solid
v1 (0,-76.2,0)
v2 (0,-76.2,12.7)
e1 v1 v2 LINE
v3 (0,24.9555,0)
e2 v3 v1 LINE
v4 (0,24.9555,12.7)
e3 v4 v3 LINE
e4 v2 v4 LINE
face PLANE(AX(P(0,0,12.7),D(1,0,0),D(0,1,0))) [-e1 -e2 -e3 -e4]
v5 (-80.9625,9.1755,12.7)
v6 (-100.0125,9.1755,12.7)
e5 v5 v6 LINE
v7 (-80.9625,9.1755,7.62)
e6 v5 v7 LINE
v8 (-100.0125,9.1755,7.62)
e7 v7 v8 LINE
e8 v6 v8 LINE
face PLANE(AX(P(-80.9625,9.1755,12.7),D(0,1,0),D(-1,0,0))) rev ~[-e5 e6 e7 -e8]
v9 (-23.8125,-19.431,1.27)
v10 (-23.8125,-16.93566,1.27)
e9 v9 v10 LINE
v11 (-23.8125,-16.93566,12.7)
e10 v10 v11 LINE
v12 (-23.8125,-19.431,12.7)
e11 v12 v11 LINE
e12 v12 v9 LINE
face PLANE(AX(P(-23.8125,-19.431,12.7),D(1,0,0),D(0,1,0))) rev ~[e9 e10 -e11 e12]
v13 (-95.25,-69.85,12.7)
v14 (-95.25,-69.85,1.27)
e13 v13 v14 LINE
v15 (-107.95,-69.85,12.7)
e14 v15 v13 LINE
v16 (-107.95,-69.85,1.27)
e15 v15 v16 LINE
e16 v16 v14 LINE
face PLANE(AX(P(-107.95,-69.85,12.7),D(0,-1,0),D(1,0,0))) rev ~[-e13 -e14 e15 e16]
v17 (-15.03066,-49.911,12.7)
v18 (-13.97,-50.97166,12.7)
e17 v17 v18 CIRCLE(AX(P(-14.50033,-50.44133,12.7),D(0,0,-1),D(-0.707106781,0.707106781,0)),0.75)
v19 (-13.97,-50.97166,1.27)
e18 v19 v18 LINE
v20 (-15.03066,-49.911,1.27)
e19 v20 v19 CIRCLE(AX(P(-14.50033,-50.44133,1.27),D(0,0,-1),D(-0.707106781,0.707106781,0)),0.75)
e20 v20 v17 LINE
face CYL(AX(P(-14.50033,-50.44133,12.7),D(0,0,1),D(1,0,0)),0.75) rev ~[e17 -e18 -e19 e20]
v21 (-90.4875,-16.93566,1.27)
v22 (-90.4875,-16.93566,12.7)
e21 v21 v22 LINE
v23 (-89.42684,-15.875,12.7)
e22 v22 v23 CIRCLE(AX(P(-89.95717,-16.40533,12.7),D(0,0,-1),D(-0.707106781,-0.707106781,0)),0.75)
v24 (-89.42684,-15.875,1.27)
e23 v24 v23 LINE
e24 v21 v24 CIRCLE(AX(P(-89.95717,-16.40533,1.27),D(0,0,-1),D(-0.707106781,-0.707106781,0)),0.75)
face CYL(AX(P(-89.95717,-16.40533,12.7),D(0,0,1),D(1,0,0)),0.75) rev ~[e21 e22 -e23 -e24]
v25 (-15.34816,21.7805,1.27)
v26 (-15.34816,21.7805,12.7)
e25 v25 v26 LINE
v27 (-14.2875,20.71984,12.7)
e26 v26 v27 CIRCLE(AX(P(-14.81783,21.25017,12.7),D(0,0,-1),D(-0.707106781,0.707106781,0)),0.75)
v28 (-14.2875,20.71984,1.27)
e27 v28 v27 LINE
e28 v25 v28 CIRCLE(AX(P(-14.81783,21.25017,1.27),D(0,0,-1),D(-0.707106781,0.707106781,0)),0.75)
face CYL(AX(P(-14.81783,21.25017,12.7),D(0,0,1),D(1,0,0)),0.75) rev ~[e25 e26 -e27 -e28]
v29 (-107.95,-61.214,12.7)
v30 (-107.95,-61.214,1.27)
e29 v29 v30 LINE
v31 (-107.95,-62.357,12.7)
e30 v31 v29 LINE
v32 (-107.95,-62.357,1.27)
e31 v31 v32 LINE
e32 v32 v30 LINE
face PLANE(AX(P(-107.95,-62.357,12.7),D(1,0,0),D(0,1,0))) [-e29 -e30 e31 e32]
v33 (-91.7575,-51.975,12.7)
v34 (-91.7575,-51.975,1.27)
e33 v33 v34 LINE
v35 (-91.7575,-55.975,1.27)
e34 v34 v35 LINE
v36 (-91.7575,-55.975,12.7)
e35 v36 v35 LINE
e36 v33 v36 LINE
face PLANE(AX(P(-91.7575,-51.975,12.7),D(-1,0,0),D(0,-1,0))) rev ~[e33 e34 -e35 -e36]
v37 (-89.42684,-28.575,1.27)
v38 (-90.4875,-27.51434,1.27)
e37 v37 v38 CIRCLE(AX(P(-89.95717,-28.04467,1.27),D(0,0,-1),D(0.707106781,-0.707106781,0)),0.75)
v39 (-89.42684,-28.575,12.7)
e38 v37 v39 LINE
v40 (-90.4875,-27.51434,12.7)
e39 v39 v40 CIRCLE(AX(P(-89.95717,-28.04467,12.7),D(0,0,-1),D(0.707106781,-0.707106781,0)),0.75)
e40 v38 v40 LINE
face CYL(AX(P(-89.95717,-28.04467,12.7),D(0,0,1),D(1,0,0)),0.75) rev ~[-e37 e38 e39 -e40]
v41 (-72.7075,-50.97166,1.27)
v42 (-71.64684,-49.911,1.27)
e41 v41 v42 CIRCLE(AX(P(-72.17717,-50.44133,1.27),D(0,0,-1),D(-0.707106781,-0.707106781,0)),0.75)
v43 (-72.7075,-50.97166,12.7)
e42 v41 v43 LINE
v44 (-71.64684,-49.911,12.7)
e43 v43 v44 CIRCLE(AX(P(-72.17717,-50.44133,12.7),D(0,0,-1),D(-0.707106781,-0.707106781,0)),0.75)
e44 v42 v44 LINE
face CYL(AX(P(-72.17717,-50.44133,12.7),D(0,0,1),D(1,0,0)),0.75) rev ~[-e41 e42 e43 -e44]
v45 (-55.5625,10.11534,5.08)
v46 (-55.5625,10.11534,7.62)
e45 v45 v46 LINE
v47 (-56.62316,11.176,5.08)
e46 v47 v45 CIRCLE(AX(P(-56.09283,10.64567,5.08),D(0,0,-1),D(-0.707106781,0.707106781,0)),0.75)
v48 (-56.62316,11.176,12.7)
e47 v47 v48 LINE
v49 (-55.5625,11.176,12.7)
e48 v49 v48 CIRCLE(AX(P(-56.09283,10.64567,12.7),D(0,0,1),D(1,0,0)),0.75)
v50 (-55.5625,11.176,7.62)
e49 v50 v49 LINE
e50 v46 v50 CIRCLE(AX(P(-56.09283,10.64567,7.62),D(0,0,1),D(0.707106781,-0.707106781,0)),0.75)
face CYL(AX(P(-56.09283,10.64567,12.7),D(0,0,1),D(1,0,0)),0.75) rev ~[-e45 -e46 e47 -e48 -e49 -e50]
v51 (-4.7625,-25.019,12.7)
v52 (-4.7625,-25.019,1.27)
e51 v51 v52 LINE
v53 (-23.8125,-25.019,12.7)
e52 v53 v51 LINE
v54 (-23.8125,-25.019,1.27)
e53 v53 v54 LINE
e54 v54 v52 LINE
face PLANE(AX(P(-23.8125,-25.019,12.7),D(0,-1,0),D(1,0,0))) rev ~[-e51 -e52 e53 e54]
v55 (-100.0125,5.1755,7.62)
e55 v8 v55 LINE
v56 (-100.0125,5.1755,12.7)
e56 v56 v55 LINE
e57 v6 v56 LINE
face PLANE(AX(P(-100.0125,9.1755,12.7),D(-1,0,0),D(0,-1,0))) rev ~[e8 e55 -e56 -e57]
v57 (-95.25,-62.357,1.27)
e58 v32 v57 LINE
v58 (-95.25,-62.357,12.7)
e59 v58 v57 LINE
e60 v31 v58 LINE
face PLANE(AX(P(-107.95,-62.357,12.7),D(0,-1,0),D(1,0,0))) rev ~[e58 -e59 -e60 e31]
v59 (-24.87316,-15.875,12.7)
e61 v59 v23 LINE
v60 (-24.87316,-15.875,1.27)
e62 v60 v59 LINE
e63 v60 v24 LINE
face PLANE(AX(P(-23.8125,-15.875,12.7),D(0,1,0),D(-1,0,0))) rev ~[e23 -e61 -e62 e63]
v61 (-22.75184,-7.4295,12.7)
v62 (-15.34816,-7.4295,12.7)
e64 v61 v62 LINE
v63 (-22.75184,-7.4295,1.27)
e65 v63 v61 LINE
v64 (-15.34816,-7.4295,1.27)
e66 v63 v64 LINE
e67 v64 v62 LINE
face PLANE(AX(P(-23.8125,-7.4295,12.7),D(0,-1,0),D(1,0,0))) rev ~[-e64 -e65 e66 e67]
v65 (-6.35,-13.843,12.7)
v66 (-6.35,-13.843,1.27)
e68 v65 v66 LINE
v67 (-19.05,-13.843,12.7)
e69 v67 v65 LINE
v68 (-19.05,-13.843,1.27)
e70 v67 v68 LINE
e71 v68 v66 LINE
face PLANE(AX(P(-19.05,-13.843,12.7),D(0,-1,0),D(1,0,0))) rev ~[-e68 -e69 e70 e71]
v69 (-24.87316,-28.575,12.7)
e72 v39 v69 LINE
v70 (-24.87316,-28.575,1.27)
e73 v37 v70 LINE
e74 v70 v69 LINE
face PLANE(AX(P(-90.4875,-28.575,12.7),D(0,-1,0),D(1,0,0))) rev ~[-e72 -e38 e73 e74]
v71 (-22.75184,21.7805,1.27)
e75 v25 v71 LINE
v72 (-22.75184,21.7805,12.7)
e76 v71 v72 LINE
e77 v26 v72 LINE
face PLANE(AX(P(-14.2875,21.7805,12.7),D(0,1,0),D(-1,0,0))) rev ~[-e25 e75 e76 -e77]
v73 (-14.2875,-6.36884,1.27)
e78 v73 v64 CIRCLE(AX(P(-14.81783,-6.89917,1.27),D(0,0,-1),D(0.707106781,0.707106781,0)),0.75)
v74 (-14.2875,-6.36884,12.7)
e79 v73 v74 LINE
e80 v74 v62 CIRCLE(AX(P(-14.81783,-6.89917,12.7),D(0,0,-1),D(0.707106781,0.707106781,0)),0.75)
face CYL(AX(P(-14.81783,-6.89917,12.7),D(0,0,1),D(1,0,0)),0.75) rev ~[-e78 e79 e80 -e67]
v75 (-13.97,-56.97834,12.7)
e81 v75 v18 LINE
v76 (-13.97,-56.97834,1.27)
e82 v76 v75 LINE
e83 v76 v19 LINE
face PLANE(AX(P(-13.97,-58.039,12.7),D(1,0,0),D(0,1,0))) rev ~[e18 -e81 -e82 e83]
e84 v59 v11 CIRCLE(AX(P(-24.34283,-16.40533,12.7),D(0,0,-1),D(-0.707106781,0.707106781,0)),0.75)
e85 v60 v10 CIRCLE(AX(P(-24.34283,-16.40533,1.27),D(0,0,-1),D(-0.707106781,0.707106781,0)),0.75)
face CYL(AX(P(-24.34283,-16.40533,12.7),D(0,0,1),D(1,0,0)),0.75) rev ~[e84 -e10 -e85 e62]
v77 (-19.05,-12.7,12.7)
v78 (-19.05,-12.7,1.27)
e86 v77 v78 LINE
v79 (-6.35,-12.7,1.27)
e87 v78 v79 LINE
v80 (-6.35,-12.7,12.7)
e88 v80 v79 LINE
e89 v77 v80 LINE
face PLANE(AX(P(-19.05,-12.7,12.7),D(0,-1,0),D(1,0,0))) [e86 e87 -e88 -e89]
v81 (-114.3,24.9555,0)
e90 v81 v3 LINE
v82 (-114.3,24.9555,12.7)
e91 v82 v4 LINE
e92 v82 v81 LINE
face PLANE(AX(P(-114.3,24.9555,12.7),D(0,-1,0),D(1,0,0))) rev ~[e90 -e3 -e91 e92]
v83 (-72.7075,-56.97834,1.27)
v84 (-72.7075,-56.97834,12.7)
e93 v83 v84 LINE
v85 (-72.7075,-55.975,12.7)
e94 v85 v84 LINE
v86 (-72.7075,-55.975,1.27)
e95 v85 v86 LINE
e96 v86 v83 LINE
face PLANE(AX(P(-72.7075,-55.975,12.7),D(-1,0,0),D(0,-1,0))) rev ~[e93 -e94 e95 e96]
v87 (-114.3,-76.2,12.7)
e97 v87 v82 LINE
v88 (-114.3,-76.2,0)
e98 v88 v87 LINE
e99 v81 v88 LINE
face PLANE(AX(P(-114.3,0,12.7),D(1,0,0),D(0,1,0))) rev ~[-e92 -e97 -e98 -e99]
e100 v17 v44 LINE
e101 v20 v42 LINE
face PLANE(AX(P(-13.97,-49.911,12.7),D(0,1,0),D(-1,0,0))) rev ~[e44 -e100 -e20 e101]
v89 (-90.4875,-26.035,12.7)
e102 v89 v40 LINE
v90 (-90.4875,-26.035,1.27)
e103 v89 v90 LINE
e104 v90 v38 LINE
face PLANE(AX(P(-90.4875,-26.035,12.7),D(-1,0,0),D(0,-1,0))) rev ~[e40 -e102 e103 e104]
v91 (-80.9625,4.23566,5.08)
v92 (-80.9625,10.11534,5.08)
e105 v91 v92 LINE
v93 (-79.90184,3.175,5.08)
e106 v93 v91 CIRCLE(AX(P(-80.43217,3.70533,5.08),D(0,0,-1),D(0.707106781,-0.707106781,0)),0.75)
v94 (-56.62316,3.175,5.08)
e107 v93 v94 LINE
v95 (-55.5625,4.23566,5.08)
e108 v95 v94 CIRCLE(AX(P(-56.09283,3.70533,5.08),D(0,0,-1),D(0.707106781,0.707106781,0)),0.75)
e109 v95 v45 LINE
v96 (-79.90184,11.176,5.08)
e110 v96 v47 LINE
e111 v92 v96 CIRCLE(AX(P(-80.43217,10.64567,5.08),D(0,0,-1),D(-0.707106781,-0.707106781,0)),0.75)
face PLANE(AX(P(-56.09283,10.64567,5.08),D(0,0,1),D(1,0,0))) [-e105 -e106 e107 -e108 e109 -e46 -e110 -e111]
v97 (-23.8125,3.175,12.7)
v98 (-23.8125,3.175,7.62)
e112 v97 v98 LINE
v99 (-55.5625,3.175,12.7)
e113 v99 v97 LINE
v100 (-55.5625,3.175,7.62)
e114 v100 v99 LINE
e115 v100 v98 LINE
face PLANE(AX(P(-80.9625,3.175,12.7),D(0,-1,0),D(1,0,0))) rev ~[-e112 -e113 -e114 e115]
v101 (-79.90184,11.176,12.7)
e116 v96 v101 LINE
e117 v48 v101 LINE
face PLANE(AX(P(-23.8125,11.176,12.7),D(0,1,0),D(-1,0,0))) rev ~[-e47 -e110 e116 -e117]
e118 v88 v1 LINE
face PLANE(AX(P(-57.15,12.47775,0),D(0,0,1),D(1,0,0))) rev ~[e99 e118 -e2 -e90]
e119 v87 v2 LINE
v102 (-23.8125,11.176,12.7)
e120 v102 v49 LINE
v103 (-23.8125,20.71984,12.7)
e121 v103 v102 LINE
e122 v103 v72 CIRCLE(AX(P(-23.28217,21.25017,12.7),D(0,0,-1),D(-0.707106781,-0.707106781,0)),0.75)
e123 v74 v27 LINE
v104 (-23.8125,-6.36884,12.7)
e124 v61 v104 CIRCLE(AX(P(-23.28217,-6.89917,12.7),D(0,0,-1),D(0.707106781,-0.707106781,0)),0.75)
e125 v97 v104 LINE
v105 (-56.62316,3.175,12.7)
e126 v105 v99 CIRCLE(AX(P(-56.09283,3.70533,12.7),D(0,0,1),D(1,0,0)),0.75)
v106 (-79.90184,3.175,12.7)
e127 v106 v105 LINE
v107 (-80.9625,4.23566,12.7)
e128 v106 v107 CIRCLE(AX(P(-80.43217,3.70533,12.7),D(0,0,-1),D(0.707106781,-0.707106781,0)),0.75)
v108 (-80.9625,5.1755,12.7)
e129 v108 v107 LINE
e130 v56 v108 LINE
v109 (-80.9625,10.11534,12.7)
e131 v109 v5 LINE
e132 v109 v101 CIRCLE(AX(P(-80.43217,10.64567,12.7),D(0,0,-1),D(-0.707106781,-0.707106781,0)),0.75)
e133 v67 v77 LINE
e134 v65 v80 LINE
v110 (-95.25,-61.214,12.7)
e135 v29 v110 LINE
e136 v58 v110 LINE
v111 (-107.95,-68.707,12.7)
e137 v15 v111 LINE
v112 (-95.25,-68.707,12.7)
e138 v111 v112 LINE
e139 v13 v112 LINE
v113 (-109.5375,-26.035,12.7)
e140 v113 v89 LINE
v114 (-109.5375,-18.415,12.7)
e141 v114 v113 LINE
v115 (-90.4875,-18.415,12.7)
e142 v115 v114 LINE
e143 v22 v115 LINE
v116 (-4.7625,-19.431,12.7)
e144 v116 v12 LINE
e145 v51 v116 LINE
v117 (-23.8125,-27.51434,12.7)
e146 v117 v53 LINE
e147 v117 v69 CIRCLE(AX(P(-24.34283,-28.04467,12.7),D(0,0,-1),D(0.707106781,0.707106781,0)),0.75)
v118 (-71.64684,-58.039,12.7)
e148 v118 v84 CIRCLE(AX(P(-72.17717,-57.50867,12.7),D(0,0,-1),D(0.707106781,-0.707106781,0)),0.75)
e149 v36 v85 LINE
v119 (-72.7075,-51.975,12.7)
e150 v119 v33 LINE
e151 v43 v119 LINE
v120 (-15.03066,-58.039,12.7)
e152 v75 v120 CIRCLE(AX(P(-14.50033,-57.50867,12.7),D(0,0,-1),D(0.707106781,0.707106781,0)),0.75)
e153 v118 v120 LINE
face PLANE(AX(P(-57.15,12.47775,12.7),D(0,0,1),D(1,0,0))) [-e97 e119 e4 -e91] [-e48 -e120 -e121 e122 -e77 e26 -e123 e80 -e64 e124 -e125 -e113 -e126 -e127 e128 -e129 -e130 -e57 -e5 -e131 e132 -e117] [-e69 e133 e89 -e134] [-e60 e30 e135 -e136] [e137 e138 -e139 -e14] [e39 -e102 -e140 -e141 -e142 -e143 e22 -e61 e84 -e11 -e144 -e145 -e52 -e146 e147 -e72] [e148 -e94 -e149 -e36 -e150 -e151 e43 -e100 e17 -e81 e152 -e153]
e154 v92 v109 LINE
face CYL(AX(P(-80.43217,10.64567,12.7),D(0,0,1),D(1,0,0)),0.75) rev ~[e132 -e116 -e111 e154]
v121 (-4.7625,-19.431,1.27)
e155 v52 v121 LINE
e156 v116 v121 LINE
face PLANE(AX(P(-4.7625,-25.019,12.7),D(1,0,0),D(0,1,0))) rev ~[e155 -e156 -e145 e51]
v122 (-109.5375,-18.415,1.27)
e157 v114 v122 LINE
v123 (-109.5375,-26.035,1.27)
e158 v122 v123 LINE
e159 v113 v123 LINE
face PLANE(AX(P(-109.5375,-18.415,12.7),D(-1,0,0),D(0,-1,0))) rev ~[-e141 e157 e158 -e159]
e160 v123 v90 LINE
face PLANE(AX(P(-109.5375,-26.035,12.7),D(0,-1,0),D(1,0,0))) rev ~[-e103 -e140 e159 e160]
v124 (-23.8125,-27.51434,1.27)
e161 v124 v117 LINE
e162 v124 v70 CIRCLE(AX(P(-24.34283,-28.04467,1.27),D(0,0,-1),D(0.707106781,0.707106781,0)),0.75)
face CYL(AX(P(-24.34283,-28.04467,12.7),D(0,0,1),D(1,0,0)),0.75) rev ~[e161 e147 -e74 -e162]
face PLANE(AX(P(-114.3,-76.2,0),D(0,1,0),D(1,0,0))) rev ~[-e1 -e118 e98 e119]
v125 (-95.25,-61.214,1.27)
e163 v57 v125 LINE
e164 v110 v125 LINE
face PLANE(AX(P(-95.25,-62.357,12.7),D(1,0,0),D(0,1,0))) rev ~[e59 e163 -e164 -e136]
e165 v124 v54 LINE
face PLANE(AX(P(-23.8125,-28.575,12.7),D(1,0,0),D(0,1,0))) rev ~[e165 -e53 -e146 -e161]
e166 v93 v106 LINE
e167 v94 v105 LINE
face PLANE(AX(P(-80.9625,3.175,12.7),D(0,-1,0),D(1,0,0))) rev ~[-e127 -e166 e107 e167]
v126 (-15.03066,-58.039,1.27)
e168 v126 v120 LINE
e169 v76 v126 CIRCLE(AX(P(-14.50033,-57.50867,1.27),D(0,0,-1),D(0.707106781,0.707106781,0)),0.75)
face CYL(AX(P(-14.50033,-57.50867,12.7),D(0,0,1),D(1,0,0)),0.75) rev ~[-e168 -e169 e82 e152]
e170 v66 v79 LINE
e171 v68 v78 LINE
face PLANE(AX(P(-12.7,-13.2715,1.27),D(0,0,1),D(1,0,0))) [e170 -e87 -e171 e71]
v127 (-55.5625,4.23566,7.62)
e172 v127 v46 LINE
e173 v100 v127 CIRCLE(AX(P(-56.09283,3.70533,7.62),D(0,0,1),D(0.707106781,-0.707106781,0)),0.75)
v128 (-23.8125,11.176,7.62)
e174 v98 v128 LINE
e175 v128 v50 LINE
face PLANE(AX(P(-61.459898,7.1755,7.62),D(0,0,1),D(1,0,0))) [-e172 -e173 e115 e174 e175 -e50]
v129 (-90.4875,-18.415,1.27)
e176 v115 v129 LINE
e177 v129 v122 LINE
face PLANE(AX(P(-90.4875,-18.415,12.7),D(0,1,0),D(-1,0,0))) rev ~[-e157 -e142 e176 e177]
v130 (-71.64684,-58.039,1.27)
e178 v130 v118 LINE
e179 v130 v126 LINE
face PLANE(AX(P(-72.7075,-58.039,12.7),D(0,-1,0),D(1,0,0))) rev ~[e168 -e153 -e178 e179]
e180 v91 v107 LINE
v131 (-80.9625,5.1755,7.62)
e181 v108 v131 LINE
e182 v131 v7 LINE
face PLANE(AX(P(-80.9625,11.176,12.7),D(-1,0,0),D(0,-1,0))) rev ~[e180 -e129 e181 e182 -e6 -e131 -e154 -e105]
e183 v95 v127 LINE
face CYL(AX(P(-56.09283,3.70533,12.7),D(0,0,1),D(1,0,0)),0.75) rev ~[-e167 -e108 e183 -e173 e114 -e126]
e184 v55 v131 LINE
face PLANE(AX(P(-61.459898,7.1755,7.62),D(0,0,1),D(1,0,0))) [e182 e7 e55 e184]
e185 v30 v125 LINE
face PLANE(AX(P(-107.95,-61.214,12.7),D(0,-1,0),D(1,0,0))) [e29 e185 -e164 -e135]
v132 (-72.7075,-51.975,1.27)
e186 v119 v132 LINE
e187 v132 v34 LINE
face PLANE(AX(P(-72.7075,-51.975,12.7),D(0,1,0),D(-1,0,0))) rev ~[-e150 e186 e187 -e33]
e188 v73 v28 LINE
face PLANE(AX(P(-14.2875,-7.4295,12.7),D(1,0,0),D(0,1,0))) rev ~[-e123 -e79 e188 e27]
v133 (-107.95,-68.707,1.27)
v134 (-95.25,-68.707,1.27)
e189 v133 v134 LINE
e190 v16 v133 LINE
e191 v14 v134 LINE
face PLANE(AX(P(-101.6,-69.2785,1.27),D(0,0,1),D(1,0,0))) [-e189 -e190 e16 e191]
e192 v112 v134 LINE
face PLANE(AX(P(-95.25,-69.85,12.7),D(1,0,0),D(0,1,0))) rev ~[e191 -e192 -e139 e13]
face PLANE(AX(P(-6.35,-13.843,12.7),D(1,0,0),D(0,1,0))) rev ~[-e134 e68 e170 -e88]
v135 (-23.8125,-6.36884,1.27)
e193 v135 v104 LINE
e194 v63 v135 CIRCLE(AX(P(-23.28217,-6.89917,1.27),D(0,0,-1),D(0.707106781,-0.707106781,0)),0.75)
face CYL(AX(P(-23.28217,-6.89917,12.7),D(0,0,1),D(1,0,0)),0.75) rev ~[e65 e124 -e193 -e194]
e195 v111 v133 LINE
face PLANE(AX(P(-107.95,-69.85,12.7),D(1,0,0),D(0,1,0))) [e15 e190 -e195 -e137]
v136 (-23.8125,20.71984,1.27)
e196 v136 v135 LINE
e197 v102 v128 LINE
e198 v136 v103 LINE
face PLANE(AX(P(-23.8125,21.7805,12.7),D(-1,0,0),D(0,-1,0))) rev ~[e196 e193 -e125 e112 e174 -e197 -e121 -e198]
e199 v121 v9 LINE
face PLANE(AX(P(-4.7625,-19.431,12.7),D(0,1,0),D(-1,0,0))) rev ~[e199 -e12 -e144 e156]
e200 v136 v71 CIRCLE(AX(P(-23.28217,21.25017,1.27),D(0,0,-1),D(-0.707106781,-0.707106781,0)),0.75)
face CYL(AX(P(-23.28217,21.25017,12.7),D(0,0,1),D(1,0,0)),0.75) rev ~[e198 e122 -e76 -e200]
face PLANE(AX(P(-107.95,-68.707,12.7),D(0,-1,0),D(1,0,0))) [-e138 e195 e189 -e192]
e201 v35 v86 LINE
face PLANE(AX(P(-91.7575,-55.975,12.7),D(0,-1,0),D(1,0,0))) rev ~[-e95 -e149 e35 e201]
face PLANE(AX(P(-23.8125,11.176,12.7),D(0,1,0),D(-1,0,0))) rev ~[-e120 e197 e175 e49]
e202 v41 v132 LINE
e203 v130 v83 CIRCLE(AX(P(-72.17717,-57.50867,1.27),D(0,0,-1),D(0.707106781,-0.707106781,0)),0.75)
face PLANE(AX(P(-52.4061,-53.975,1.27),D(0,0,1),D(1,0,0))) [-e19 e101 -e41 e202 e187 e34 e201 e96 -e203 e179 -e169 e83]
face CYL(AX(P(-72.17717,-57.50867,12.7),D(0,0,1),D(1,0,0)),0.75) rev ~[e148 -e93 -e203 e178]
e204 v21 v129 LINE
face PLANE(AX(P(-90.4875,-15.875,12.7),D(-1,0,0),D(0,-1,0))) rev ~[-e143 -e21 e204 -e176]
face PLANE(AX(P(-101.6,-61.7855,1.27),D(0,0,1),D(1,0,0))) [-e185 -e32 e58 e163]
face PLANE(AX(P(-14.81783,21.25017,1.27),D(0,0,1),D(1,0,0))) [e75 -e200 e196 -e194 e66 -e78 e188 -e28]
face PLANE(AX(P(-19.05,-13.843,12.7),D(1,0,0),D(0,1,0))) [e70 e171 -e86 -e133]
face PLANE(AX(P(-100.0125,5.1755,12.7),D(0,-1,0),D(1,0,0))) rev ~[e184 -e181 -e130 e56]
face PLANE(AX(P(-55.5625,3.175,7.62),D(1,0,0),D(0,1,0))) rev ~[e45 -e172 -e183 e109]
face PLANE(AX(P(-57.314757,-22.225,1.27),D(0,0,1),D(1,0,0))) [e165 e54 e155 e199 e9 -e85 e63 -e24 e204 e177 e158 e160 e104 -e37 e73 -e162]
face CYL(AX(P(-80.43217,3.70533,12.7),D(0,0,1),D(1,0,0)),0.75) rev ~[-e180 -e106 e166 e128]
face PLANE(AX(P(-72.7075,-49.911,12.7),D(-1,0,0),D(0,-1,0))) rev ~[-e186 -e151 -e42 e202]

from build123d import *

# Parameters (mm, degrees)
F0_W      = 114.3
F0_H      = 76.2
F1_DEPTH  = 12.7
F3_DEPTH  = 11.43
F4_W      = 12.7
F4_H      = 1.143
F5_DEPTH  = 11.43
F8_DEPTH  = 11.43
F9_R      = 0.75
F10_DEPTH = 11.43
F11_W     = 114.3
F11_H     = 24.9555
F12_DEPTH = 12.7
F14_DEPTH = 11.43
F16_DEPTH = 5.08
F18_W     = 25.4
F18_H     = 8.001
F19_DEPTH = 2.54
F21_R     = 0.75
F22_DEPTH = 7.62
F23_R     = 0.75
F24_DEPTH = 11.43


with BuildPart() as f1:
    # F0 (on Top) → F1 (new body)
    with BuildSketch(Plane.XY):
        with Locations((-57.15, -38.1)):
            Rectangle(F0_W, F0_H)
    extrude(amount=F1_DEPTH)

    # F2 (on face) → F3 (cut)
    with BuildSketch(Plane.XY.offset(12.7)):
        Polygon((-90.4875, -18.415), (-109.5375, -18.415), (-109.5375, -26.035), (-90.4875, -26.035), (-90.4875, -28.575), (-23.8125, -28.575), (-23.8125, -25.019), (-4.7625, -25.019), (-4.7625, -19.431), (-23.8125, -19.431), (-23.8125, -15.875), (-90.4875, -15.875), align=None)
    extrude(amount=-F3_DEPTH, mode=Mode.SUBTRACT)

    # F4 (on face) → F5 (cut)
    with BuildSketch(Plane.XY.offset(12.7)):
        with Locations((-12.7, -13.2715)):
            Rectangle(F4_W, F4_H)
        with Locations((-101.6, -69.2785)):
            Rectangle(F4_W, F4_H)
        with Locations((-101.6, -61.7855)):
            Rectangle(F4_W, F4_H)
    extrude(amount=-F5_DEPTH, mode=Mode.SUBTRACT)

    # F7 (on face) → F8 (cut)
    with BuildSketch(Plane.XY.offset(12.7)):
        Polygon((-91.7575, -55.975), (-72.7075, -55.975), (-72.7075, -58.039), (-13.97, -58.039), (-13.97, -49.911), (-72.7075, -49.911), (-72.7075, -51.975), (-91.7575, -51.975), align=None)
    extrude(amount=-F8_DEPTH, mode=Mode.SUBTRACT)

    # F9 (on face) → F10 (cut)
    with BuildSketch(Plane.XY.offset(12.7)):
        with Locations((-89.9571699141, -16.4053300859)):
            Circle(F9_R)
        with Locations((-89.9571699141, -28.0446699141)):
            Circle(F9_R)
        with Locations((-24.3428300859, -28.0446699141)):
            Circle(F9_R)
        with Locations((-24.3428300859, -16.4053300859)):
            Circle(F9_R)
        with Locations((-14.5003300859, -50.4413300859)):
            Circle(F9_R)
        with Locations((-14.5003300859, -57.5086699141)):
            Circle(F9_R)
        with Locations((-72.1771699141, -50.4413300859)):
            Circle(F9_R)
        with Locations((-72.1771699141, -57.5086699141)):
            Circle(F9_R)
    extrude(amount=-F10_DEPTH, mode=Mode.SUBTRACT)

    # F11 (on face) → F12 (join)
    with BuildSketch(Plane.XY.offset(12.7)):
        with Locations((-57.15, 12.47775)):
            Rectangle(F11_W, F11_H)
    extrude(amount=-F12_DEPTH)

    # F13 (on face) → F14 (cut)
    with BuildSketch(Plane.XY.offset(12.7)):
        Polygon((-14.2875, 21.7805), (-23.8125, 21.7805), (-23.8125, 11.176), (-23.8125, 3.175), (-23.8125, -7.4295), (-14.2875, -7.4295), align=None)
    extrude(amount=-F14_DEPTH, mode=Mode.SUBTRACT)

    # F15 (on face) → F16 (cut)
    with BuildSketch(Plane.XY.offset(12.7)):
        Polygon((-23.8125, 11.176), (-80.9625, 11.176), (-80.9625, 9.1755), (-100.0125, 9.1755), (-100.0125, 5.1755), (-80.9625, 5.1755), (-80.9625, 3.175), (-23.8125, 3.175), align=None)
    extrude(amount=-F16_DEPTH, mode=Mode.SUBTRACT)

    # F18 (on 3pt) → F19 (cut)
    with BuildSketch(Plane.XY.offset(7.62)):
        with Locations((-68.2625, 7.1755)):
            Rectangle(F18_W, F18_H)
    extrude(amount=-F19_DEPTH, mode=Mode.SUBTRACT)

    # F21 (on face) → F22 (cut)
    with BuildSketch(Plane.XY.offset(12.7)):
        with Locations((-56.0928300859, 10.6456699141)):
            Circle(F21_R)
        with Locations((-56.0928300859, 3.7053300859)):
            Circle(F21_R)
        with Locations((-80.4321699141, 3.7053300859)):
            Circle(F21_R)
        with Locations((-80.4321699141, 10.6456699141)):
            Circle(F21_R)
    extrude(amount=-F22_DEPTH, mode=Mode.SUBTRACT)

    # F23 (on face) → F24 (cut)
    with BuildSketch(Plane.XY.offset(12.7)):
        with Locations((-23.2821699141, -6.8991699141)):
            Circle(F23_R)
        with Locations((-14.8178300859, -6.8991699141)):
            Circle(F23_R)
        with Locations((-23.2821699141, 21.2501699141)):
            Circle(F23_R)
        with Locations((-14.8178300859, 21.2501699141)):
            Circle(F23_R)
    extrude(amount=-F24_DEPTH, mode=Mode.SUBTRACT)


solid = f1.part
